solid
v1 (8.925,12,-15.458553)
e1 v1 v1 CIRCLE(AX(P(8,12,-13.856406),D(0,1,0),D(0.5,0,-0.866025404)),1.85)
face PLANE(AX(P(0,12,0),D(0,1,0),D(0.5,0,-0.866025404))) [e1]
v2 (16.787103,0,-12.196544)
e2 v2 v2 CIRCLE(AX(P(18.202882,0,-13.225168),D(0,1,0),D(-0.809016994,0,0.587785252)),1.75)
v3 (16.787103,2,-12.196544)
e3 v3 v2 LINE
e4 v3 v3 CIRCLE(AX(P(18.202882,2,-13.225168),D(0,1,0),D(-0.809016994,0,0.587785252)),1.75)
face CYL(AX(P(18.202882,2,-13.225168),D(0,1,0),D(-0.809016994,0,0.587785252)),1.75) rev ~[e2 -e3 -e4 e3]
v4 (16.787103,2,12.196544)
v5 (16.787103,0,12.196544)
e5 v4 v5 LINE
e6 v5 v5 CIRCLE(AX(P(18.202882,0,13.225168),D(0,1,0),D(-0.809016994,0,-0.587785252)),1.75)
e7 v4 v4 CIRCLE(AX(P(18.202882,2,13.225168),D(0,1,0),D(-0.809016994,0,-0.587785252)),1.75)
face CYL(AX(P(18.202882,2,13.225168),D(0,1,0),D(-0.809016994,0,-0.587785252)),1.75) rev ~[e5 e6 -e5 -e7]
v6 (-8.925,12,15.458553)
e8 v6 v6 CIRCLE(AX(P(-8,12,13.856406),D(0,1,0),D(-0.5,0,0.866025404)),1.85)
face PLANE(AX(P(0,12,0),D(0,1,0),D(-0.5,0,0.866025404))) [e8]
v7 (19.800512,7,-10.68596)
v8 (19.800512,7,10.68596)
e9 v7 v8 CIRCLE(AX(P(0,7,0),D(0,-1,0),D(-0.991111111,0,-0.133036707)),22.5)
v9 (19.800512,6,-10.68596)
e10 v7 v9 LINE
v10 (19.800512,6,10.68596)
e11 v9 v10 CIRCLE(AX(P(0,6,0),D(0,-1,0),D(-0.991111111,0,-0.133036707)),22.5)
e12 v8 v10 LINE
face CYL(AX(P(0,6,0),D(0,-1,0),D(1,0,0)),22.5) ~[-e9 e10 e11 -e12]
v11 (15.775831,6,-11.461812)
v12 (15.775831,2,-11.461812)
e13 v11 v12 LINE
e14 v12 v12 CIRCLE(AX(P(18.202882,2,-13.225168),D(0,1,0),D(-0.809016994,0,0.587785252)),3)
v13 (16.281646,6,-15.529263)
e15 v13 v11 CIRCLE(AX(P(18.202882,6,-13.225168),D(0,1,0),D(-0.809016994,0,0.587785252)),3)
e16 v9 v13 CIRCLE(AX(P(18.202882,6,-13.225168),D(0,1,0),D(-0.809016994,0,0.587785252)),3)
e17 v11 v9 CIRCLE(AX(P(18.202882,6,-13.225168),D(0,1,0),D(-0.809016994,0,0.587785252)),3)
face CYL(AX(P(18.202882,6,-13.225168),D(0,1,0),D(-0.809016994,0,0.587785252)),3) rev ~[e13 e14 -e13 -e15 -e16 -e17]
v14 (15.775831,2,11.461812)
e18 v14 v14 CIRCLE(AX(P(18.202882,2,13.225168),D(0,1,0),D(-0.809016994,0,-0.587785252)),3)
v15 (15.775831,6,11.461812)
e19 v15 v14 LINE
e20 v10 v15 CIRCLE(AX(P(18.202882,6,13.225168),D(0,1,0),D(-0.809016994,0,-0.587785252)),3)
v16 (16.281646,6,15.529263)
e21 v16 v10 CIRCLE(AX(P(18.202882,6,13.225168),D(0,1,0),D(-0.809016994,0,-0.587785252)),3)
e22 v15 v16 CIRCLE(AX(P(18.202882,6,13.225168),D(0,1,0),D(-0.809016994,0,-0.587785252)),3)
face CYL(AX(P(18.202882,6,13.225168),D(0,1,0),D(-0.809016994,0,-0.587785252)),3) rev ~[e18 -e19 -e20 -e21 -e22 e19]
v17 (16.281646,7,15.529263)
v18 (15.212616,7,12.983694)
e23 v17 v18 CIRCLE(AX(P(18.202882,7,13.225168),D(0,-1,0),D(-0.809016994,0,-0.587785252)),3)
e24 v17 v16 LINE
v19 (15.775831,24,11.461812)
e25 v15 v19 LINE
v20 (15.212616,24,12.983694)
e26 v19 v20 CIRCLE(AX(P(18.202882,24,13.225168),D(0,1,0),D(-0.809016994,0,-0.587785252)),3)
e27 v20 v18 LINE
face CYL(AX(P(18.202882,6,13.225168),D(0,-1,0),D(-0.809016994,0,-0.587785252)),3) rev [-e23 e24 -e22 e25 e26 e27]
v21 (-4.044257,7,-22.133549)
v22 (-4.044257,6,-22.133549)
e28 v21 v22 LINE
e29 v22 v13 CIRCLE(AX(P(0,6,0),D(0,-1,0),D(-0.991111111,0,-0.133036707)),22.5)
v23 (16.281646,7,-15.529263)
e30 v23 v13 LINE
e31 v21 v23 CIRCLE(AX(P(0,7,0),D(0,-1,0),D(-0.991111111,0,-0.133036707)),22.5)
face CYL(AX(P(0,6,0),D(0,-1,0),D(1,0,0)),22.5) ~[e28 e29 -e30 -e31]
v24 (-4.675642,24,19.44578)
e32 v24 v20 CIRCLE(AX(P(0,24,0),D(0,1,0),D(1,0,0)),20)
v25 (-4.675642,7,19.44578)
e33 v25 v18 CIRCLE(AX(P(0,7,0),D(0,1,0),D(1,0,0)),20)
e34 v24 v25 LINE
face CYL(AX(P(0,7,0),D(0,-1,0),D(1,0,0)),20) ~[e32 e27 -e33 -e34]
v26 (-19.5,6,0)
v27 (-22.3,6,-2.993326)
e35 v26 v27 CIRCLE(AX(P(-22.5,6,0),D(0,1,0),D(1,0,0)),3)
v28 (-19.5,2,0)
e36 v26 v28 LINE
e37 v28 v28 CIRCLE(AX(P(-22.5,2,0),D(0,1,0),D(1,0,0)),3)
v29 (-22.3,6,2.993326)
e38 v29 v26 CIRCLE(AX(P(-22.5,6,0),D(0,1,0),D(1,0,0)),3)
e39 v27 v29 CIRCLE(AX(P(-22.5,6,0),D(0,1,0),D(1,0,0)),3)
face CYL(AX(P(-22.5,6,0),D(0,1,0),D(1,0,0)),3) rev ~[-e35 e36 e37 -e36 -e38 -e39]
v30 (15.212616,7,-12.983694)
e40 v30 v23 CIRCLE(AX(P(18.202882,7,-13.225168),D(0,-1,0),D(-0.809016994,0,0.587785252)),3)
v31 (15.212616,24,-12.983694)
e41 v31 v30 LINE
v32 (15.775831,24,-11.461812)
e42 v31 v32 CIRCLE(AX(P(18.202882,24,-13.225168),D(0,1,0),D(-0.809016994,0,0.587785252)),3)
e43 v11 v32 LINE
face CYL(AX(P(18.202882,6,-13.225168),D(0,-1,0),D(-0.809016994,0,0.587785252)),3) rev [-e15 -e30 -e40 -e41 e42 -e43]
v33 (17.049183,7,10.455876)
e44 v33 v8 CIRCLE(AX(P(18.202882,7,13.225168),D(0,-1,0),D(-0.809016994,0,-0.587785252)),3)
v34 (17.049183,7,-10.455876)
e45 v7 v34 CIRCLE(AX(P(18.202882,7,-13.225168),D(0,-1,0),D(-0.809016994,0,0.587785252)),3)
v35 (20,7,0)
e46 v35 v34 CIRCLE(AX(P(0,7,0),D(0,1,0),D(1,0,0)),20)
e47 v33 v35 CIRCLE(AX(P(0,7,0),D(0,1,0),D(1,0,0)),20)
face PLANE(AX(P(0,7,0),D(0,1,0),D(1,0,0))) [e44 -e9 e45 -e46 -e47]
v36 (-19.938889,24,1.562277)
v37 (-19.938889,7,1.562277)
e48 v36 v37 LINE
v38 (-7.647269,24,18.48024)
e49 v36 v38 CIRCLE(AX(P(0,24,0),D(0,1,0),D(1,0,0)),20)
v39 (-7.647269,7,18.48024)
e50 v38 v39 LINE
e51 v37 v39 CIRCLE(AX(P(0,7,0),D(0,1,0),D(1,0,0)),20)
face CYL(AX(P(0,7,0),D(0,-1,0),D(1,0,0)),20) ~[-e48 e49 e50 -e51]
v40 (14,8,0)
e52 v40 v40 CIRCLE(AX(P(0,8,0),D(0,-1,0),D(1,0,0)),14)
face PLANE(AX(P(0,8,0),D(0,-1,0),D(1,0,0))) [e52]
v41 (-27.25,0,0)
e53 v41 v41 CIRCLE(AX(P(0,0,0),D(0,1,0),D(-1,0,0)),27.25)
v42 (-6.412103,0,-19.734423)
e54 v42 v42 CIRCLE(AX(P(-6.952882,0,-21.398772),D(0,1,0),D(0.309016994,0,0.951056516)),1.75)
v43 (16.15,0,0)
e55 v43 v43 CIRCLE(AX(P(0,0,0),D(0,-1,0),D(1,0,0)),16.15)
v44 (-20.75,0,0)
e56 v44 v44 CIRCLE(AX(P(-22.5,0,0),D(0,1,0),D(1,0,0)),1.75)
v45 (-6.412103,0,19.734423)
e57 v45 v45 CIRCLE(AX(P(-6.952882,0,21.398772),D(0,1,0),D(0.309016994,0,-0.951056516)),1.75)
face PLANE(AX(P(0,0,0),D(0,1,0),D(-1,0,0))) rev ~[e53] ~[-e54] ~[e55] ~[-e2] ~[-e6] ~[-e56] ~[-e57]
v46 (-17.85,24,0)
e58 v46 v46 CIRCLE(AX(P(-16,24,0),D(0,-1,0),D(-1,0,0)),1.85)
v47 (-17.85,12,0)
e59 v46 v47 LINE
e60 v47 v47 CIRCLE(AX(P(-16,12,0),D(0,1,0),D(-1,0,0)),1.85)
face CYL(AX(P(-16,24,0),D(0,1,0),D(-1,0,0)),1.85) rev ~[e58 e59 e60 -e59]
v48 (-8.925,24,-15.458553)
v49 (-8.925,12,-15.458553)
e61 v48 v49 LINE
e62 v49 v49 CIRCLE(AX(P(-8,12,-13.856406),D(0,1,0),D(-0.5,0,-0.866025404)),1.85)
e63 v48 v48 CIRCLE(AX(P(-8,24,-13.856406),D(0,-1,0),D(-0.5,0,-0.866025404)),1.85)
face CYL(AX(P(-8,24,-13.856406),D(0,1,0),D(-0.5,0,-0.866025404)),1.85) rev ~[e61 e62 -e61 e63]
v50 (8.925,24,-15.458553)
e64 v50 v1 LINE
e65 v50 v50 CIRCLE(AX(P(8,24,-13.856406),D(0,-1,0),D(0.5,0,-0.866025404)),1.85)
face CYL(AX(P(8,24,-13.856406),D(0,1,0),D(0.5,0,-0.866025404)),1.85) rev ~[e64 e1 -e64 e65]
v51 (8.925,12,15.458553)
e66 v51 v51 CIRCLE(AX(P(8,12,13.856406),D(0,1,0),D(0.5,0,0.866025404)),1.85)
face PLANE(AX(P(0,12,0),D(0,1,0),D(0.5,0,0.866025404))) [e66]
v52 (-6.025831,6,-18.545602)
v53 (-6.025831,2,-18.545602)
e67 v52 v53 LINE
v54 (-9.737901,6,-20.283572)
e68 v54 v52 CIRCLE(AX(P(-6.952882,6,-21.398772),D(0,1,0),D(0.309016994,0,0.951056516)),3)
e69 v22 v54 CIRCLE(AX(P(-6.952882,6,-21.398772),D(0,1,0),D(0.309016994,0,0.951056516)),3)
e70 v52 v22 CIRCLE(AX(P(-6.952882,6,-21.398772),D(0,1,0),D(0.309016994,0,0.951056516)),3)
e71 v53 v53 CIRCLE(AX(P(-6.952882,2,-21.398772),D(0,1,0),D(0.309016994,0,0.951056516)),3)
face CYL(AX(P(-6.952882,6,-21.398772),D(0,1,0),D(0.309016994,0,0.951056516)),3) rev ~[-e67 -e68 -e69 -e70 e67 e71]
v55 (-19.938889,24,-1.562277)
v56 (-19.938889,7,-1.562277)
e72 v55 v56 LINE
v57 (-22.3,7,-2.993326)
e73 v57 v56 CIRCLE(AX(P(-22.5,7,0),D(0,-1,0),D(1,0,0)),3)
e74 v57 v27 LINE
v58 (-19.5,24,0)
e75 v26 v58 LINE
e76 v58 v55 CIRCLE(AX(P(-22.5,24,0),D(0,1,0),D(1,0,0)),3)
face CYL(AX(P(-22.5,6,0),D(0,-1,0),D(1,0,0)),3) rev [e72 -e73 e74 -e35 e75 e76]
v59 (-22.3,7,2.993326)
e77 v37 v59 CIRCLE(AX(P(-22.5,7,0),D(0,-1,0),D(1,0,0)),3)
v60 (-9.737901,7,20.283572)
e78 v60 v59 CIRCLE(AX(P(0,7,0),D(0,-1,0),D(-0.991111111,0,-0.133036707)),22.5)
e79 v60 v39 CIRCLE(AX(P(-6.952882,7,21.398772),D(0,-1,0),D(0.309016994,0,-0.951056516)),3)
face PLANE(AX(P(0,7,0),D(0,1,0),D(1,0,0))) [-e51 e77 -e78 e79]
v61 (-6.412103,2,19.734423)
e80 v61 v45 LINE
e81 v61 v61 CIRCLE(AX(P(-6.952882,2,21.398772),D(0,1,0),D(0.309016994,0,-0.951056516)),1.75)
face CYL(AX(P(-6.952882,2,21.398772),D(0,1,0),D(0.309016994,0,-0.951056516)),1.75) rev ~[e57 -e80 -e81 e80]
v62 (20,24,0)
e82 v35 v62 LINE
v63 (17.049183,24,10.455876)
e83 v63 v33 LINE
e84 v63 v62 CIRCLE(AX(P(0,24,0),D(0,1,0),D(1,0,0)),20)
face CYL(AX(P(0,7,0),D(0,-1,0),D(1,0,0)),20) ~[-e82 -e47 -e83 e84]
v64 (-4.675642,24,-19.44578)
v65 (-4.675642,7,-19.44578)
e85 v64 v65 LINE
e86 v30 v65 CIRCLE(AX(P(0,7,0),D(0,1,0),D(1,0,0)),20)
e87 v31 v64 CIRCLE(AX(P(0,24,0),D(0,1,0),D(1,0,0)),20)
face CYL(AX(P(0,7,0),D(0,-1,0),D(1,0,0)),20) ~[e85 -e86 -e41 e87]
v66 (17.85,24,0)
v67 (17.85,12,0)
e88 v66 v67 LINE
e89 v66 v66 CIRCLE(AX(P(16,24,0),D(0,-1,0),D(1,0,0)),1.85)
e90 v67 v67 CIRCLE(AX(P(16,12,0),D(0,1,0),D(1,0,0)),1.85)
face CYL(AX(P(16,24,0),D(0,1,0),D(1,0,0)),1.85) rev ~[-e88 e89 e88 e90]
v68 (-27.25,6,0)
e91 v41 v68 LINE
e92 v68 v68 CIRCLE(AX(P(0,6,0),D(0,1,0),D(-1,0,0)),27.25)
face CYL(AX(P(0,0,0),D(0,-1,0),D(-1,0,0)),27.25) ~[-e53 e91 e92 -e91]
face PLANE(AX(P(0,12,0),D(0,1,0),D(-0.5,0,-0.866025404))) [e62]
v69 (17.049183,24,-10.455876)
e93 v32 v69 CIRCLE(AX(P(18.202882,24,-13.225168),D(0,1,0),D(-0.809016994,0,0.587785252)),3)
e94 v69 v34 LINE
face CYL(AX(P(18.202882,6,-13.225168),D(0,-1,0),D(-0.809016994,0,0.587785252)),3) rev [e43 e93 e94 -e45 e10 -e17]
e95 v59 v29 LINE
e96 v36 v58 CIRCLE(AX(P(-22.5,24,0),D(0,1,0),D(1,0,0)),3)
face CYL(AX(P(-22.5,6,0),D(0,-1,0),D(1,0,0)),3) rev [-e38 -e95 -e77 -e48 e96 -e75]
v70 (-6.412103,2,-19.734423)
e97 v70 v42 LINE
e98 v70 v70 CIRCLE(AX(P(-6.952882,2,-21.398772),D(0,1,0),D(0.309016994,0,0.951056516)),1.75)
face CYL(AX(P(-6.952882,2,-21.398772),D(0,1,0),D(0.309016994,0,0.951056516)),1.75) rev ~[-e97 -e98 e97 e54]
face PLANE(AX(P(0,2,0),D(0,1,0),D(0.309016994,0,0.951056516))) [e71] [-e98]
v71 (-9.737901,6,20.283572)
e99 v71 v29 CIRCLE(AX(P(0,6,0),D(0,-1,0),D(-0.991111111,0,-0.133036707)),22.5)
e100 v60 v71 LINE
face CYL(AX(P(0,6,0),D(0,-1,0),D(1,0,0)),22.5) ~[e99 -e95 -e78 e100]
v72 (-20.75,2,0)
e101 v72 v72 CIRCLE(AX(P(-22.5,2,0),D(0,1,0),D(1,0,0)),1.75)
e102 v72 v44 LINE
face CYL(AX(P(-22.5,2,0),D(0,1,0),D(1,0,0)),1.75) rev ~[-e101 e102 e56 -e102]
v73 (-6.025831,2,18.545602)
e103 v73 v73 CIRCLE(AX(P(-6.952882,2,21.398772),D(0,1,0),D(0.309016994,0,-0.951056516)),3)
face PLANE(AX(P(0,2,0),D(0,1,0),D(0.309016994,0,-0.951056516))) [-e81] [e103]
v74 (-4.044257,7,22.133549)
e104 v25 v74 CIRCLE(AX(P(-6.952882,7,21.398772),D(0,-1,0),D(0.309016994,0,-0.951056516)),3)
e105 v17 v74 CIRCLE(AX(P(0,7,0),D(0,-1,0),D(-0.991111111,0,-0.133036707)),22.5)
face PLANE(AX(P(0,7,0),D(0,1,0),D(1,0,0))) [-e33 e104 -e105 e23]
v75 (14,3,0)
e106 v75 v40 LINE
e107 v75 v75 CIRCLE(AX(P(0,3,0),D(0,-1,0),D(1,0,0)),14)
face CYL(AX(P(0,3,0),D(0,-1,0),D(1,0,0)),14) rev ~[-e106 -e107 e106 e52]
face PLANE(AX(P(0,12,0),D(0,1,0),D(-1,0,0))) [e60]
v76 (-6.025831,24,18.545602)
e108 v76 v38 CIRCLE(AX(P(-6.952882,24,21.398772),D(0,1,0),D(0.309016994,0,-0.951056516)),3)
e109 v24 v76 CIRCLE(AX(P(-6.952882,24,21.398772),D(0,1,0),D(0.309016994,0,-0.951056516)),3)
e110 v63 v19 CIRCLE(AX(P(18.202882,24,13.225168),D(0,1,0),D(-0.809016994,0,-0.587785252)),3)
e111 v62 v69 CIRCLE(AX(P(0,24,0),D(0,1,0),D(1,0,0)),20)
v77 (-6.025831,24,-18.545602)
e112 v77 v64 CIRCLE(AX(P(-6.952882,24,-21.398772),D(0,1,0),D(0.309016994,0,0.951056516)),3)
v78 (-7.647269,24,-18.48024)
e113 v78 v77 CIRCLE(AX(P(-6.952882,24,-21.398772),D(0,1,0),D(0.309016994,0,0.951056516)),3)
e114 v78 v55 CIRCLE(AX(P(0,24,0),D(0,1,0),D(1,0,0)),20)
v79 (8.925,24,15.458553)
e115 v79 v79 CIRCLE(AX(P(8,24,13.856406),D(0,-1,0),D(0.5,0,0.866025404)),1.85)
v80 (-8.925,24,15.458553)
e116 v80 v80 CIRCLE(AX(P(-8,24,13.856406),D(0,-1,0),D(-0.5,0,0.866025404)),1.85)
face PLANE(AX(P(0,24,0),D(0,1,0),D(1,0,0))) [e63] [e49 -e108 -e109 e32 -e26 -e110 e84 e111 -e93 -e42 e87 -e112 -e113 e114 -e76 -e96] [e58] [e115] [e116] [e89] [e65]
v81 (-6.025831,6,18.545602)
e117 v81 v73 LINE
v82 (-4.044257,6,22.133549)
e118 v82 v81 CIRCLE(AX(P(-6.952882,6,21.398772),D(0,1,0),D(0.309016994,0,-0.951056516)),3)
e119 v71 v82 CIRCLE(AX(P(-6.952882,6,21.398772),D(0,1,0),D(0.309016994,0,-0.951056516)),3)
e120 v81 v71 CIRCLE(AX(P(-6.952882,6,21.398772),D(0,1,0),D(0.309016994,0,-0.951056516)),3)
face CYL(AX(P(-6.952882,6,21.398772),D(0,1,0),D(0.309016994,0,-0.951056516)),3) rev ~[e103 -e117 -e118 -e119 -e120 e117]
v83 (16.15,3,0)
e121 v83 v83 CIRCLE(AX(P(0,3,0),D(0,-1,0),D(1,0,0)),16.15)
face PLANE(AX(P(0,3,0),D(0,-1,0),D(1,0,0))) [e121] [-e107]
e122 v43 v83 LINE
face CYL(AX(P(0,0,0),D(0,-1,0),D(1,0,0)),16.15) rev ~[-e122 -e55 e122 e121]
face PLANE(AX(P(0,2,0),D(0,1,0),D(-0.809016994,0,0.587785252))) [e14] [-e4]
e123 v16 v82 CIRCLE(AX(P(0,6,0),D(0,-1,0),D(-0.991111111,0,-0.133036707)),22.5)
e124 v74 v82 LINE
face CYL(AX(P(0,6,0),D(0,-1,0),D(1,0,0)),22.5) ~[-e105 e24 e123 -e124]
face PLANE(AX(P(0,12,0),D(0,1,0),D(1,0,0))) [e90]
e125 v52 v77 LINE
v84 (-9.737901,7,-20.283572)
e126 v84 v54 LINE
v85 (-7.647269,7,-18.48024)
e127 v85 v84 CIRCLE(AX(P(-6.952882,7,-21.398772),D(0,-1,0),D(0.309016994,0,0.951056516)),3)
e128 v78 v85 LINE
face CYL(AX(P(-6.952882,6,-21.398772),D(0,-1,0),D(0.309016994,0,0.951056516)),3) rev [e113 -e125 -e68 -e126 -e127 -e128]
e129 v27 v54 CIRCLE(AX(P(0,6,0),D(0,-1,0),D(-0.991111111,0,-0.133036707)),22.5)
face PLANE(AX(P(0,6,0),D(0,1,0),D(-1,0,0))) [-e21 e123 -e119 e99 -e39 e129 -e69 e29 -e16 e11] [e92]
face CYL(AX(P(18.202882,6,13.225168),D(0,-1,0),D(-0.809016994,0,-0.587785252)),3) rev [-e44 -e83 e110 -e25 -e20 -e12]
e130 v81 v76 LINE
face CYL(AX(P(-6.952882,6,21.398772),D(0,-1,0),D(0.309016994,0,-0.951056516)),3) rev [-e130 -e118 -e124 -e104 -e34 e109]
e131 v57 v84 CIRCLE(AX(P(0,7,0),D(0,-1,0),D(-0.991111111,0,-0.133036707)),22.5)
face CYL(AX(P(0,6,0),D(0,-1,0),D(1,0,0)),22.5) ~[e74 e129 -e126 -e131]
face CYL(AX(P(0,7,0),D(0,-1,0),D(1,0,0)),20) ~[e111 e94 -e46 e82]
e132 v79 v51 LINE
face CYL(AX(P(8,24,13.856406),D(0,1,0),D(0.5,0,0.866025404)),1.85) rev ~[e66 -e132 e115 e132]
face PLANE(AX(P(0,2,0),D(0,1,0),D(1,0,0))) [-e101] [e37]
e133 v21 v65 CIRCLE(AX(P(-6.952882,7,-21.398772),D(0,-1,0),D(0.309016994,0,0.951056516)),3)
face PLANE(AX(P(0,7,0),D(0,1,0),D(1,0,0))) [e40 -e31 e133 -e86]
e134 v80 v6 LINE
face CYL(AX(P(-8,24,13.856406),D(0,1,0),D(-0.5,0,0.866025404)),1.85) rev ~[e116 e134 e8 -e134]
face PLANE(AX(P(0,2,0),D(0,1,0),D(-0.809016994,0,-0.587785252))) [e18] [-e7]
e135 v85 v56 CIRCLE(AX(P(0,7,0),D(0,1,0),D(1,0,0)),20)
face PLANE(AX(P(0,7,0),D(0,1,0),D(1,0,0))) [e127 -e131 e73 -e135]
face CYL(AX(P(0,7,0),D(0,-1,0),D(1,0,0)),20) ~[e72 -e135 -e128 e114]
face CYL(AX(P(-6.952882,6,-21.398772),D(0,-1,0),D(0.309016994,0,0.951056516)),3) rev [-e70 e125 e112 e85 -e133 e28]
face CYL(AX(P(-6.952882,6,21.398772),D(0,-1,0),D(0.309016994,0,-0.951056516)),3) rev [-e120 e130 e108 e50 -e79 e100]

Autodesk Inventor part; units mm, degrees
ref_plane "YZ Plane" through (0, 0, 0) normal (1, 0, 0) x (0, 1, 0)
ref_plane "XZ Plane" through (0, 0, 0) normal (0, 1, 0) x (-1, 0, 0)
ref_plane "XY Plane" through (0, 0, 0) normal (0, 0, 1) x (1, 0, 0)
sketch "Szkic1" plane through (0, 0, 0) normal (0, 1, 0) x (-1, 0, 0)
  circle A0 centre (0, 0) radius 27.25
  dimension "d0" = 54.5
extrude "Wyciągnięcie proste1" add sketch "Szkic1" along normal blind 6
sketch "Szkic2" plane through (0, 6, 0) normal (0, 1, 0) x (1, 0, 0)
  circle A0 centre (0, 0) radius 22.5
  dimension "d3" = 45
extrude "Wyciągnięcie proste2" add sketch "Szkic2" along normal blind 1
sketch "Szkic3" plane through (0, 7, 0) normal (0, 1, 0) x (1, 0, 0)
  circle A0 centre (0, 0) radius 20
  dimension "d6" = 40
extrude "Wyciągnięcie proste3" add sketch "Szkic3" along normal blind 17
sketch "Szkic4" plane through (0, 6, 0) normal (0, 1, 0) x (1, 0, 0)
  circle A0 centre (-22.5, 0) radius 3
  point P0 (0, 0)
  dimension "d9" = 6
  dimension "d10" = 22.5
extrude "Wyciągnięcie proste4" cut sketch "Szkic4" along normal blind 18 and the other way blind 4
sketch "Szkic5" plane through (-22.5, 2, 0) normal (0, 1, 0) x (1, 0, 0)
  circle A0 centre (0, 0) radius 1.75
  point P0 (22.5, 0)
  dimension "d15" = 3.5
extrude "Wyciągnięcie proste5" cut sketch "Szkic5" against normal up to surface (2 mm away)
pattern_circular "Szyk kołowy1" count 5 over 360 about axis through (0, 0, 0) along (0, 1, 0) of "Wyciągnięcie proste4", "Wyciągnięcie proste5"
sketch "Szkic6" plane through (0, 0, 0) normal (0, -1, 0) x (1, 0, 0)
  circle A0 centre (0, 0) radius 16.15
  dimension "d21" = 32.3
extrude "Wyciągnięcie proste6" cut sketch "Szkic6" against normal blind 3
sketch "Szkic7" plane through (0, 3, 0) normal (0, -1, 0) x (1, 0, 0)
  circle A0 centre (0, 0) radius 14
  dimension "d24" = 28
extrude "Wyciągnięcie proste7" cut sketch "Szkic7" against normal blind 5
sketch "Sketch8" plane through (0, 24, 0) normal (0, 1, 0) x (1, 0, 0)
  circle A0 centre (0, 0) radius 16.15 projected
  circle A1 centre (16, 0) radius 1.85
  dimension "d27" = 3.7
  dimension "d28" = 16
extrude "Extrusion8" cut sketch "Sketch8" against normal blind 12 contours A0 A1 | A0 A1 picked at (15.5207, 0.4277) picked at (16.6977, 0.3411)
pattern_circular "Circular Pattern2" count 6 over 360 about axis through (0, 7, 0) along (0, 1, 0) of "Extrusion8"
properties part number "OutputShaft2_3DPrint"
